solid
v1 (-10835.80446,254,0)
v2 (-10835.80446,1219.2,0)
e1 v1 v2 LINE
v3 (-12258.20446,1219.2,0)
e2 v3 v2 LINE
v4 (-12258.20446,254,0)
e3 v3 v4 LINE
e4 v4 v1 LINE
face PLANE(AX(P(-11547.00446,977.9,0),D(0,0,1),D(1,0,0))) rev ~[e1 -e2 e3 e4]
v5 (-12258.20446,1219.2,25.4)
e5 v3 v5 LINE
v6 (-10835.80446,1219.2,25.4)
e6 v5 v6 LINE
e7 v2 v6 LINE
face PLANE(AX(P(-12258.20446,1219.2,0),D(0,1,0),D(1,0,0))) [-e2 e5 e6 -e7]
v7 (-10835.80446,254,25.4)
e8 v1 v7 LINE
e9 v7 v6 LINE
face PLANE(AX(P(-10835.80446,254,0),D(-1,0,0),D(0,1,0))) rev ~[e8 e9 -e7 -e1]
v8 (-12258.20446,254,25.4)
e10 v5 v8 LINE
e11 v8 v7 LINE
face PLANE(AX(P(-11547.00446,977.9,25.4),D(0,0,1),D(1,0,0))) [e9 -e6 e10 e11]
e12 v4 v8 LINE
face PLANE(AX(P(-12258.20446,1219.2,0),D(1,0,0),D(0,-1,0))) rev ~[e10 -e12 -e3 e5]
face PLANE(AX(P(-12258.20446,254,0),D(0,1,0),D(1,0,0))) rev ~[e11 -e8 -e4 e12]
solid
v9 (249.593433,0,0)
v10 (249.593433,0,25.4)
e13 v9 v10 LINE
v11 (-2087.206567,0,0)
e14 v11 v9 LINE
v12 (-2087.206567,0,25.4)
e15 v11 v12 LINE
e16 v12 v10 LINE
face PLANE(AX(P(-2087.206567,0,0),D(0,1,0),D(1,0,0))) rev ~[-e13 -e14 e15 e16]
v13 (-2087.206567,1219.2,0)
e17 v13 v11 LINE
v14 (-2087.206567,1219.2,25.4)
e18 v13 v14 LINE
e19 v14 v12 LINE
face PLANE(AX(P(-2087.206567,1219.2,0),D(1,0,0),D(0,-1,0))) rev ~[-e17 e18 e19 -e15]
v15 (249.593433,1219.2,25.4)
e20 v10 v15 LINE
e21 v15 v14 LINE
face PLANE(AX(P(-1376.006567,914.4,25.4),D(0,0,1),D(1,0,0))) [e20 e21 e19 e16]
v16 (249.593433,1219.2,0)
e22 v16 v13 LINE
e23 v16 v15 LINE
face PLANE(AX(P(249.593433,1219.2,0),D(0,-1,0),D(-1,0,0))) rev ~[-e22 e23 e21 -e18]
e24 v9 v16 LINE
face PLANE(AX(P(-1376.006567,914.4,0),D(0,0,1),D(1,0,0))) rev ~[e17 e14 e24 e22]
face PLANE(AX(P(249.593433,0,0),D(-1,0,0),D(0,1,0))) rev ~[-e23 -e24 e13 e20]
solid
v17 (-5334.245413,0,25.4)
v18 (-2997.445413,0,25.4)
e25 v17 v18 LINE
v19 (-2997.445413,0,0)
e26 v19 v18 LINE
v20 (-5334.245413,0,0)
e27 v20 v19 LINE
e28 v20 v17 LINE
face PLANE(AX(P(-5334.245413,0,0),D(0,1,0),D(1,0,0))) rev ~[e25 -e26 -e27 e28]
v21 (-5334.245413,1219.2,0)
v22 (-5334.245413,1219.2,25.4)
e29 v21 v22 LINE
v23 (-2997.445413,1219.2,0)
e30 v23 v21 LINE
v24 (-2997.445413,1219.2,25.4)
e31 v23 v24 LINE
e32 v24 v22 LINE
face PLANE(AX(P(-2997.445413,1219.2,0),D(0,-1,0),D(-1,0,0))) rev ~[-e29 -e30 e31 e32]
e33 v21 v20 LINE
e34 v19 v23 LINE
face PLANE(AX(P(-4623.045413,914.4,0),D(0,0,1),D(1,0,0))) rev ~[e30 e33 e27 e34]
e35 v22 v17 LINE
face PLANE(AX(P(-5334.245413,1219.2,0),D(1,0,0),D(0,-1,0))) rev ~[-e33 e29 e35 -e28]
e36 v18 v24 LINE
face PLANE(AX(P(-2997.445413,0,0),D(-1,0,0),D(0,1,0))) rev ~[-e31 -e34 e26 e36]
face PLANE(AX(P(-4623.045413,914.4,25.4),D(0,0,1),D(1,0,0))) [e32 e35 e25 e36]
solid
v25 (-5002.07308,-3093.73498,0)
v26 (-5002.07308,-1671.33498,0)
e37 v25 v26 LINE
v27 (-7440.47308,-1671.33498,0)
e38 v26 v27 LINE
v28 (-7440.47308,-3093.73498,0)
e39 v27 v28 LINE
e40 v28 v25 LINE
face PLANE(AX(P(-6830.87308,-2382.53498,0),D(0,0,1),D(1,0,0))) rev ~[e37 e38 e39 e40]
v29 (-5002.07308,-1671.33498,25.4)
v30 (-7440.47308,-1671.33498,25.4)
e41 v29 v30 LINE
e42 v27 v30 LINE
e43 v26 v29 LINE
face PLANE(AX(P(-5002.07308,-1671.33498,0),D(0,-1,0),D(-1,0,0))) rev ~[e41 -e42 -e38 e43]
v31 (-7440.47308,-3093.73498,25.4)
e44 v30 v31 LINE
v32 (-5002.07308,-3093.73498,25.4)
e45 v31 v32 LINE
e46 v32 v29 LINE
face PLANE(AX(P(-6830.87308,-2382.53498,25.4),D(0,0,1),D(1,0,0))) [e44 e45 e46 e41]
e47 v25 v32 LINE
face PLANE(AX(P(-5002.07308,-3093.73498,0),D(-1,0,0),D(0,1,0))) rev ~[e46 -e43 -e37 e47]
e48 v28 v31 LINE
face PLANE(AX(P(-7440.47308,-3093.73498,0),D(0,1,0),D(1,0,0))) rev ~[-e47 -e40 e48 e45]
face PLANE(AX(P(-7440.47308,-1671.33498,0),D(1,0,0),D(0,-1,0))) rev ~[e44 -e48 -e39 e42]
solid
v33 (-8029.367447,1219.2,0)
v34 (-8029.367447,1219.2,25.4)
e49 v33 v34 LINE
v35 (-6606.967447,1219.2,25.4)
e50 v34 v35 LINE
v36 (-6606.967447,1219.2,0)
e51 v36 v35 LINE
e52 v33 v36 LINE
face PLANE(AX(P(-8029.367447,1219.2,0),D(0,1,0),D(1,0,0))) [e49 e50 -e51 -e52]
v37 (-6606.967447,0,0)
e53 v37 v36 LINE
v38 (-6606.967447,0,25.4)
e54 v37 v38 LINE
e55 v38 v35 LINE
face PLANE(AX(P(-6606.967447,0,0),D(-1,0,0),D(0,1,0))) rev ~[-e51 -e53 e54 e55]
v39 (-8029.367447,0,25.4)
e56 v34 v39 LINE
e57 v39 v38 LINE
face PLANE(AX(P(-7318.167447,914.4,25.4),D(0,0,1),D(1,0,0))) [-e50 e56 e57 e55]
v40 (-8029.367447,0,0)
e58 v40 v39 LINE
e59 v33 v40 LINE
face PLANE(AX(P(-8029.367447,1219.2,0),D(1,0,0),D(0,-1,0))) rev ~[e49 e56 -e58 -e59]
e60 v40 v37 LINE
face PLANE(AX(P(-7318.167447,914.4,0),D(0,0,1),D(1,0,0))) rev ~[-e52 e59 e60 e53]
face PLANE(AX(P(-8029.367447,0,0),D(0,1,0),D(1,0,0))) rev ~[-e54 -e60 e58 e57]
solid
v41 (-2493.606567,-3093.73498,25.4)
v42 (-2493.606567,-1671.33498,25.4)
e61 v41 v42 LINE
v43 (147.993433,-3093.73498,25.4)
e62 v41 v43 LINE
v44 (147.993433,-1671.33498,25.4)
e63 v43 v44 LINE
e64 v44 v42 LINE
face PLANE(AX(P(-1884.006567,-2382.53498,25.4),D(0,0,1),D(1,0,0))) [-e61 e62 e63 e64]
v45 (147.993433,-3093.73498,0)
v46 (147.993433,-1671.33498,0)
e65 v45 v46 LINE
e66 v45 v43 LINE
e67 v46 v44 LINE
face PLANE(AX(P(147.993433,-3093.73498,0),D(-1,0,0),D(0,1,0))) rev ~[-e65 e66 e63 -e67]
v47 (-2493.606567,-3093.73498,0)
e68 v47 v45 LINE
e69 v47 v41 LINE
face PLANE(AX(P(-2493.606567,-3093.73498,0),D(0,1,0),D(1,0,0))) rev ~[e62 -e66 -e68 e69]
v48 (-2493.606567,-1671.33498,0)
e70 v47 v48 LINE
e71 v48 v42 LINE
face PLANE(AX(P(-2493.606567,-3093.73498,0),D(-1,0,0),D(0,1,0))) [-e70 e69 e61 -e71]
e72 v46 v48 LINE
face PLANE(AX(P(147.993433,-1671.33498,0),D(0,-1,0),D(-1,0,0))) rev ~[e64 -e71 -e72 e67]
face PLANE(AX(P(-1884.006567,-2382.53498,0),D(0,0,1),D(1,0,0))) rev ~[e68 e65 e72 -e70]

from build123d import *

# Parameters (mm, degrees)
F0_W     = 1219.2
F0_H     = 1422.4
F0_W_2   = 1422.4
F0_H_2   = 609.6
F0_W_3   = 203.2
F0_H_3   = 1219.2
F0_H_4   = 711.2
F0_H_5   = 482.6
F1_DEPTH = 25.4


with BuildPart() as f1:
    # F0 (on Top) → F1 (new body)
    with BuildSketch(Plane.XY):
        with Locations((-1884.006567, -2382.53498)):
            Rectangle(F0_W, F0_H)
        with Locations((-563.206567, -2382.53498)):
            Rectangle(F0_W_2, F0_H)
        with Locations((-1376.006567, 914.4)):
            Rectangle(F0_W_2, F0_H_2)
        Polygon((46.393433, 1219.2), (-664.806567, 1219.2), (-664.806567, 609.6), (-664.806567, 0), (46.393433, 0), align=None)
        with Locations((-1376.006567, 304.8)):
            Rectangle(F0_W_2, F0_H_2)
        with Locations((147.993433, 609.6)):
            Rectangle(F0_W_3, F0_H_3)
        with Locations((-4623.045413, 914.4)):
            Rectangle(F0_W_2, F0_H_2)
        Polygon((-3200.645413, 1219.2), (-3911.845413, 1219.2), (-3911.845413, 609.6), (-3911.845413, 0), (-3200.645413, 0), align=None)
        with Locations((-4623.045413, 304.8)):
            Rectangle(F0_W_2, F0_H_2)
        with Locations((-3099.045413, 609.6)):
            Rectangle(F0_W_3, F0_H_3)
        Polygon((-6221.27308, -1671.33498), (-7440.47308, -1671.33498), (-7440.47308, -3093.73498), (-6221.27308, -3093.73498), (-6221.27308, -2382.53498), align=None)
        with Locations((-5611.67308, -2026.93498)):
            Rectangle(F0_W, F0_H_4)
        with Locations((-5611.67308, -2738.13498)):
            Rectangle(F0_W, F0_H_4)
        with Locations((-7318.167447, 914.4)):
            Rectangle(F0_W_2, F0_H_2)
        with Locations((-7318.167447, 304.8)):
            Rectangle(F0_W_2, F0_H_2)
        with Locations((-11547.00446, 977.9)):
            Rectangle(F0_W_2, F0_H_5)
        with Locations((-11547.00446, 495.3)):
            Rectangle(F0_W_2, F0_H_5)
    extrude(amount=F1_DEPTH)


solid = f1.part
